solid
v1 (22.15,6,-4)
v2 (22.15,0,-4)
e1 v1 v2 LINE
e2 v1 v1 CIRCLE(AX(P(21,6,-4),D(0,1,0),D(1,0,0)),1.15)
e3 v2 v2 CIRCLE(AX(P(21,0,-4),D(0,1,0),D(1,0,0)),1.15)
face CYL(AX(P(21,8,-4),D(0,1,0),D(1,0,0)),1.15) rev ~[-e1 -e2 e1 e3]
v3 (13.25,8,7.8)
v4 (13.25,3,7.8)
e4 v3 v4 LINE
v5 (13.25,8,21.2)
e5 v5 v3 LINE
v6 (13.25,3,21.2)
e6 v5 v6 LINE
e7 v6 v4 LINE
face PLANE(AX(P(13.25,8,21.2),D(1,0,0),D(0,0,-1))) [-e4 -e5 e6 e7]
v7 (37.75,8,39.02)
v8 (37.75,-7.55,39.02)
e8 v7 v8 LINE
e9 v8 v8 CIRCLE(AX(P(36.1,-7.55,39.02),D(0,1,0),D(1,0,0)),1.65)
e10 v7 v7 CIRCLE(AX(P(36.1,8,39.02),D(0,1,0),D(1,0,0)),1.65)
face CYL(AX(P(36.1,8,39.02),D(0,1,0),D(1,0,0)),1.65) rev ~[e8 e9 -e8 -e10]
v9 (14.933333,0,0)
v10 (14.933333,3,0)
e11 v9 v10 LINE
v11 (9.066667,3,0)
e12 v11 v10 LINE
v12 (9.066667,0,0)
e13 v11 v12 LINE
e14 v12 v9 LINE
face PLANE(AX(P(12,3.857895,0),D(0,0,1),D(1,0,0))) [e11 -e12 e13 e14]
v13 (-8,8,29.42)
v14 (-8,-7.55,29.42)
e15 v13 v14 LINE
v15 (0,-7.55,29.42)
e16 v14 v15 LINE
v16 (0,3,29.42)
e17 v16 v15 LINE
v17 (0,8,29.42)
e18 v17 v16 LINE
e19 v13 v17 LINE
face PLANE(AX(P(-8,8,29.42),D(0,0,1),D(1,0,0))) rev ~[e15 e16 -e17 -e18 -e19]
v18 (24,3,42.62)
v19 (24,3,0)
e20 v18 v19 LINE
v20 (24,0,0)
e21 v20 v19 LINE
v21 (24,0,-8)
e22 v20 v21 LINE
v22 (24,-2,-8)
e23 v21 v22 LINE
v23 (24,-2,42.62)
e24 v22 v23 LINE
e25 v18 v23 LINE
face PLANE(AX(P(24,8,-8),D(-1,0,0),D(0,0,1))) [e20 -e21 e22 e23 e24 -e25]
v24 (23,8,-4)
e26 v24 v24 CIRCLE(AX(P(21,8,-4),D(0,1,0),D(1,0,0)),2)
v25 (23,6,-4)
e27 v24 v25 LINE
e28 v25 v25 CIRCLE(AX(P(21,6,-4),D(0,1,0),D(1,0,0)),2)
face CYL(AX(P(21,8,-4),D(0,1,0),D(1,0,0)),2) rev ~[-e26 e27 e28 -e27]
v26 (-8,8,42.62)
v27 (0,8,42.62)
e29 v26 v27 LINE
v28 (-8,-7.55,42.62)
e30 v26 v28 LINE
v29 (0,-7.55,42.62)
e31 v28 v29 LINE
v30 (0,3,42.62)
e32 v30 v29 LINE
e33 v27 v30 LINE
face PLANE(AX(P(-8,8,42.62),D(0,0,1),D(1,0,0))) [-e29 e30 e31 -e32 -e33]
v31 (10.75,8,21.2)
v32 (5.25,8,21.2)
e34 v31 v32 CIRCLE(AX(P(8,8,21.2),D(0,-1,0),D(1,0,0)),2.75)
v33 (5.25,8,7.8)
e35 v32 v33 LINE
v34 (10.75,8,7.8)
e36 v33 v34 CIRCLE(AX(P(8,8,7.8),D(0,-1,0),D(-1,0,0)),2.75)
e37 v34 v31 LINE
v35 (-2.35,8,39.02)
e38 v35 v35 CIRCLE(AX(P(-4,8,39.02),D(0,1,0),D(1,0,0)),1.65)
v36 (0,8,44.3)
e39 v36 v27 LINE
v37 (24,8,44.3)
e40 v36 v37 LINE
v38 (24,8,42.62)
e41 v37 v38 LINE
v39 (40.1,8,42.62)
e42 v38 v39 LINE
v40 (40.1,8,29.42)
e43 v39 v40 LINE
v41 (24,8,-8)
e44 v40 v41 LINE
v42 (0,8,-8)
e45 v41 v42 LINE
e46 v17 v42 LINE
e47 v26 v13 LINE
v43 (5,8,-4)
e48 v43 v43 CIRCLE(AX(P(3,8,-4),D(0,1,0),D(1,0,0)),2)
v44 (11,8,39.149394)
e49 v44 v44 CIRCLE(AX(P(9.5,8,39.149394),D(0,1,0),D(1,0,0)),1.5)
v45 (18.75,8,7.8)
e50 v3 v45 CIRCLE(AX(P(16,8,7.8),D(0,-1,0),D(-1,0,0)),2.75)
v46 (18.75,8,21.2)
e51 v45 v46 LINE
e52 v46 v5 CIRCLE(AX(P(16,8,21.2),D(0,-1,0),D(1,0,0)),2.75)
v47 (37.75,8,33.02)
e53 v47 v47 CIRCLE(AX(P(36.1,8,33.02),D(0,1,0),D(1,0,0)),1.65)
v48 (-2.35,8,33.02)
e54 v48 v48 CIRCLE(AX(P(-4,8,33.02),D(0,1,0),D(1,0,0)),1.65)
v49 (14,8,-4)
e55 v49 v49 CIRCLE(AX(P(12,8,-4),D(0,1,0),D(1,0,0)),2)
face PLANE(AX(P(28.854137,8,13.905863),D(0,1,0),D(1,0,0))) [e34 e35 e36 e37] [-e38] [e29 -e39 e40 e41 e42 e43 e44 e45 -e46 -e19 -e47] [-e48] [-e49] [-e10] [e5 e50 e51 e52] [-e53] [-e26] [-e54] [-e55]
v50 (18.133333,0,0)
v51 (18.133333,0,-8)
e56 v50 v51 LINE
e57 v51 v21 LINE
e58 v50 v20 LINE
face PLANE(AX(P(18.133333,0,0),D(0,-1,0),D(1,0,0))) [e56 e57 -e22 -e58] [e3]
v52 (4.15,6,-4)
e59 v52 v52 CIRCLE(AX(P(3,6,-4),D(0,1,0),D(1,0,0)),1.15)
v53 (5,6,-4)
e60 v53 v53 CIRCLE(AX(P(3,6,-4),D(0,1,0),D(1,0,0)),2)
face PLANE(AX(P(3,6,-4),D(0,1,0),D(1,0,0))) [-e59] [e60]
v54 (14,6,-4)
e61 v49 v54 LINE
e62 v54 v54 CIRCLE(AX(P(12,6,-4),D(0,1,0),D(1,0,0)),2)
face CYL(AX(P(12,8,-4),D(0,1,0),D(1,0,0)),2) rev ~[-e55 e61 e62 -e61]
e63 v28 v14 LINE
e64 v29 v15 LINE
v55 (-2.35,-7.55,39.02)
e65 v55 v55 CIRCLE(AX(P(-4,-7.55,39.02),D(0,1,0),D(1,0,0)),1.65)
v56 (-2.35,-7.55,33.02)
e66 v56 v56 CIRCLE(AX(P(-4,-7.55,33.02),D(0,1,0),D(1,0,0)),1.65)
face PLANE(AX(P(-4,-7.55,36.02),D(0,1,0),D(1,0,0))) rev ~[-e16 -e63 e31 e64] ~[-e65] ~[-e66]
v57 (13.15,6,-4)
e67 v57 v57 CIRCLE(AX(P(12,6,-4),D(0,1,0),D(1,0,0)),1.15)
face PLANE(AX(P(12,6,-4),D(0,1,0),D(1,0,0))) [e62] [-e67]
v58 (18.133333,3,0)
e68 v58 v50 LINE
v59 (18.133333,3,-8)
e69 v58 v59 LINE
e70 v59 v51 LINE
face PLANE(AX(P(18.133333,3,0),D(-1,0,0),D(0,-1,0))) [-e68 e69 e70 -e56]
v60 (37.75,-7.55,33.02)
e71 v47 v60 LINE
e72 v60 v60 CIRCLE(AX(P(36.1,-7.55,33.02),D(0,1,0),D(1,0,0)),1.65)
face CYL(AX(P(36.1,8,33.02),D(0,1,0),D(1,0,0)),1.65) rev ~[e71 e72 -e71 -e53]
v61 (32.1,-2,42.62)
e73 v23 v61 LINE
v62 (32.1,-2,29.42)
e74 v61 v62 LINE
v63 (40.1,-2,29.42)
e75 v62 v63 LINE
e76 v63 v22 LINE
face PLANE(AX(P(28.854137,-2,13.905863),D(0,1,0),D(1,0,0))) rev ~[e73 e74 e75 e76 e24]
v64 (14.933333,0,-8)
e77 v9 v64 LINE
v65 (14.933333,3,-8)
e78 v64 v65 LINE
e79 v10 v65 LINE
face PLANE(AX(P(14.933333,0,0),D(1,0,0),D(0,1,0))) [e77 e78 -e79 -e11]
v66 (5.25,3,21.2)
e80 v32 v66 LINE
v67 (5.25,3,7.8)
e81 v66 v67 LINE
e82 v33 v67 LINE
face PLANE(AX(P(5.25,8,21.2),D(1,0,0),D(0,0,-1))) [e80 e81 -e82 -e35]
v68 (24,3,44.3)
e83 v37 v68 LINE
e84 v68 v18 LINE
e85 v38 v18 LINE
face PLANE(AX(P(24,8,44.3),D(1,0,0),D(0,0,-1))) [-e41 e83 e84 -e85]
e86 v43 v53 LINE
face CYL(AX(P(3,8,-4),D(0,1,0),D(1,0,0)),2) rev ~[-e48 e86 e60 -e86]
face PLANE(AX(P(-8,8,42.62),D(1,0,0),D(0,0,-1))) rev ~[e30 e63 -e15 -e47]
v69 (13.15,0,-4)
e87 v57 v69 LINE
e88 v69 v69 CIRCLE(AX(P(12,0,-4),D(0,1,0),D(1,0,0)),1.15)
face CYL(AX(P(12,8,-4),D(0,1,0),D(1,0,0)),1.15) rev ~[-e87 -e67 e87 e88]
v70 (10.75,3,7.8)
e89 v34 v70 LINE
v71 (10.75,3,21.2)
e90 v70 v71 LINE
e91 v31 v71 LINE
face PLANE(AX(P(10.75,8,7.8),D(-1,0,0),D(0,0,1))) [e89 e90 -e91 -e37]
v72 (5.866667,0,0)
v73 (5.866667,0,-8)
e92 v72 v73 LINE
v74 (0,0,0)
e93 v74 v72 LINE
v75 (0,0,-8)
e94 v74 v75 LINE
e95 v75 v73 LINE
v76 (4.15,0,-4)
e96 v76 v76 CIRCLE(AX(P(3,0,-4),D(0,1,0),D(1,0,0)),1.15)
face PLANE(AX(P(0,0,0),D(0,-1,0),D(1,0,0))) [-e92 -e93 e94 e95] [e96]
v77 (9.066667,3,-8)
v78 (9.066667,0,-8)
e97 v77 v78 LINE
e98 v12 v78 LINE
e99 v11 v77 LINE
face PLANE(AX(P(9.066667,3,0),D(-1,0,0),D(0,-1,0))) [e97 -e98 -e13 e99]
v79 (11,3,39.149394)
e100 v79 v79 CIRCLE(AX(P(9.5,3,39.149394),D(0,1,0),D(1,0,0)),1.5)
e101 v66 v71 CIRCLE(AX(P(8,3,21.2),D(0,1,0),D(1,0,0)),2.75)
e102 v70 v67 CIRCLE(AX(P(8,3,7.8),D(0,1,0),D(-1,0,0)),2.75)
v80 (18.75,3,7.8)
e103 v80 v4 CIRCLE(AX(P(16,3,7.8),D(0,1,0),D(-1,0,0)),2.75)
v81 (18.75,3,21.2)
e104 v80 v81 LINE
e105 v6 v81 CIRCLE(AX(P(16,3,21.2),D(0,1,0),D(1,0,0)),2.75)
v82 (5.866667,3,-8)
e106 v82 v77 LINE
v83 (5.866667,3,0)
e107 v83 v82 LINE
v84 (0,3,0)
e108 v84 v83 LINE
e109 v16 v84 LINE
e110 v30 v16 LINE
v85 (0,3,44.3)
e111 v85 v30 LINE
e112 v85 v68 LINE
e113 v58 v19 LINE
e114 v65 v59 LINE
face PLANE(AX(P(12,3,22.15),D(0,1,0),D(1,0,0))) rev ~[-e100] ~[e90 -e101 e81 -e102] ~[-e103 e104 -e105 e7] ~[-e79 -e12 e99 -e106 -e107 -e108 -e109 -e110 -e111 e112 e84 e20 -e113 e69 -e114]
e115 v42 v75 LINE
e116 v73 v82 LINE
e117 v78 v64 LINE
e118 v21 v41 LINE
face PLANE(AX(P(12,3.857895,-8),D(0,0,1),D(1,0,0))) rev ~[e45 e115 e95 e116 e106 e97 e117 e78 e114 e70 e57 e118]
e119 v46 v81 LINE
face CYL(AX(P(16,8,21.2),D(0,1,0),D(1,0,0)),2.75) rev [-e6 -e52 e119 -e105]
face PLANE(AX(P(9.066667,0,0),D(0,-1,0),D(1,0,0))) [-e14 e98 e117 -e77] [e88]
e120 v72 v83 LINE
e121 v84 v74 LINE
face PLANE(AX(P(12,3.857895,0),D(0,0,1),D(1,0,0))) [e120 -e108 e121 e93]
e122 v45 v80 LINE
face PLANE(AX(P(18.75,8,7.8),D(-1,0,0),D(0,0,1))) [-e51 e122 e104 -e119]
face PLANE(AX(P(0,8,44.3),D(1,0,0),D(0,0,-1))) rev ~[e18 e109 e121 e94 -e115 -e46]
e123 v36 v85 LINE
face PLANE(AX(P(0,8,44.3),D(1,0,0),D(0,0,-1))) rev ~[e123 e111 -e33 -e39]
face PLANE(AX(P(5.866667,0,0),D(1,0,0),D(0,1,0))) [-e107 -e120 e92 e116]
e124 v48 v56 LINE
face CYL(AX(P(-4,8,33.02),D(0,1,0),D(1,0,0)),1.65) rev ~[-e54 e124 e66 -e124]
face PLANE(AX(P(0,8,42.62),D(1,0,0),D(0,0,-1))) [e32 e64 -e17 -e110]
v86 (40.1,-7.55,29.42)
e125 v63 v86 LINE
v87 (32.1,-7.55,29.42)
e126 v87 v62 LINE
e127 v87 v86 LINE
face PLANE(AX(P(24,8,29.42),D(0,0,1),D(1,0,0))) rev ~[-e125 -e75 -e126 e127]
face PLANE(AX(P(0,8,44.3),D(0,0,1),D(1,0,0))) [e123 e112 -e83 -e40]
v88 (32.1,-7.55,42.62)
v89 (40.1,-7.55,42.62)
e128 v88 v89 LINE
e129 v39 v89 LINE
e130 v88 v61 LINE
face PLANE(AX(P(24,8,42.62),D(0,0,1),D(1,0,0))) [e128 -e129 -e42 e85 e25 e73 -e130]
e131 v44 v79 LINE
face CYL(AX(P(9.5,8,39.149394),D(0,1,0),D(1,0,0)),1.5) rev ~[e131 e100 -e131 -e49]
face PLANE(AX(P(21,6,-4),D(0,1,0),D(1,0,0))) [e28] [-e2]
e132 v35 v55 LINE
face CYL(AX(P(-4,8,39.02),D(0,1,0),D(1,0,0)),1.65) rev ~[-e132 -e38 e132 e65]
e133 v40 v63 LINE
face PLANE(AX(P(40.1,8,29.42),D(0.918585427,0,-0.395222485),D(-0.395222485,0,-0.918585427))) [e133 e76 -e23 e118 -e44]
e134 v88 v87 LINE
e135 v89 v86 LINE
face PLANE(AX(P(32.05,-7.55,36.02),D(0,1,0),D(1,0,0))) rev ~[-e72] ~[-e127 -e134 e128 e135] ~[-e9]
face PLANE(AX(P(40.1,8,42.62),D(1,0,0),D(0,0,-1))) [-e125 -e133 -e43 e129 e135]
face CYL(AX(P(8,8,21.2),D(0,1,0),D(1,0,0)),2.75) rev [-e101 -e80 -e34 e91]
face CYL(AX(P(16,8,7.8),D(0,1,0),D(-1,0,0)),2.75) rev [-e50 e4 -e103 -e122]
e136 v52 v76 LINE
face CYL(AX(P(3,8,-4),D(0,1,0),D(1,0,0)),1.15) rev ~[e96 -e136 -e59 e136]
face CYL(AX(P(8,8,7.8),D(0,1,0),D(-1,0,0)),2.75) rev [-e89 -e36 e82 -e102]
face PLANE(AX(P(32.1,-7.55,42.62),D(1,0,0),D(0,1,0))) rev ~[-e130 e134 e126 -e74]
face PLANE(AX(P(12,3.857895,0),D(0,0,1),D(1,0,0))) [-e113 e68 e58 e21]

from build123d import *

# Parameters (mm, degrees)
BOSS_EXTRUDE1_DEPTH = 8
SKETCH2_R           = 1.15
CUT_EXTRUDE1_DEPTH  = 9
SKETCH3_R           = 2
CUT_EXTRUDE2_DEPTH  = 2
SKETCH5_W           = 24
SKETCH5_H           = 44.3
SKETCH5_R           = 1.5
BOSS_EXTRUDE2_DEPTH = 5
CUT_EXTRUDE3_DEPTH  = 20
SKETCH7_W           = 8
SKETCH7_H           = 13.2
SKETCH7_R           = 1.65
SKETCH7_W_2         = 16.1
BOSS_EXTRUDE3_DEPTH = 15.55
SKETCH8_W           = 8.1
SKETCH8_H           = 5.55
CUT_EXTRUDE4_DEPTH  = 25
BOSS_EXTRUDE4_DEPTH = 10


with BuildPart() as part:
    # Sketch1 → Boss-Extrude1 (new body)
    with BuildSketch(Plane.XY):
        Polygon((0, 0), (5.866666667, 0), (5.866666667, 3), (9.066666667, 3), (9.066666667, 0), (14.933333333, 0), (14.933333333, 3), (18.133333333, 3), (18.133333333, 0), (24, 0), (24, 8), (0, 8), align=None)
    extrude(amount=-BOSS_EXTRUDE1_DEPTH)

    # Sketch2 → Cut-Extrude1 (cut, through all)
    with BuildSketch(Plane(origin=(0, 8, 0), x_dir=(1, 0, 0), z_dir=(0, 1, 0))):
        with Locations((3, 4)):
            Circle(SKETCH2_R)
        with Locations((12, 4)):
            Circle(SKETCH2_R)
        with Locations((21, 4)):
            Circle(SKETCH2_R)
    extrude(amount=-CUT_EXTRUDE1_DEPTH, mode=Mode.SUBTRACT)

    # Sketch3 → Cut-Extrude2 (cut)
    with BuildSketch(Plane(origin=(0, 8, 0), x_dir=(1, 0, 0), z_dir=(0, 1, 0))):
        with Locations((3, 4)):
            Circle(SKETCH3_R)
        with Locations((12, 4)):
            Circle(SKETCH3_R)
        with Locations((21, 4)):
            Circle(SKETCH3_R)
    extrude(amount=-CUT_EXTRUDE2_DEPTH, mode=Mode.SUBTRACT)

    # Sketch5 → Boss-Extrude2 (add)
    with BuildSketch(Plane(origin=(0, 8, 0), x_dir=(1, 0, 0), z_dir=(0, 1, 0))):
        with Locations((12, -22.15)):
            Rectangle(SKETCH5_W, SKETCH5_H)
        with Locations((9.5, -39.149393889)):
            Circle(SKETCH5_R, mode=Mode.SUBTRACT)
    extrude(amount=-BOSS_EXTRUDE2_DEPTH)

    # Sketch6 → Cut-Extrude3 (cut)
    with BuildSketch(Plane(origin=(0, 8, 0), x_dir=(1, 0, 0), z_dir=(0, 1, 0))):
        with BuildLine():
            Line((10.75, -7.8), (10.75, -21.2))
            ThreePointArc((10.75, -21.2), (8, -23.95), (5.25, -21.2))
            Line((5.25, -21.2), (5.25, -7.8))
            ThreePointArc((5.25, -7.8), (8, -5.05), (10.75, -7.8))
        make_face()
        with BuildLine():
            Line((18.75, -7.8), (18.75, -21.2))
            ThreePointArc((18.75, -21.2), (16, -23.95), (13.25, -21.2))
            Line((13.25, -21.2), (13.25, -7.8))
            ThreePointArc((13.25, -7.8), (16, -5.05), (18.75, -7.8))
        make_face()
    extrude(amount=-CUT_EXTRUDE3_DEPTH, mode=Mode.SUBTRACT)

    # Sketch7 → Boss-Extrude3 (add)
    with BuildSketch(Plane(origin=(0, 8, 0), x_dir=(1, 0, 0), z_dir=(0, 1, 0))):
        with Locations((-4, -36.02)):
            Rectangle(SKETCH7_W, SKETCH7_H)
        with Locations((-4, -33.02)):
            Circle(SKETCH7_R, mode=Mode.SUBTRACT)
        with Locations((-4, -39.02)):
            Circle(SKETCH7_R, mode=Mode.SUBTRACT)
        with Locations((32.05, -36.02)):
            Rectangle(SKETCH7_W_2, SKETCH7_H)
        with Locations((36.1, -33.02)):
            Circle(SKETCH7_R, mode=Mode.SUBTRACT)
        with Locations((36.1, -39.02)):
            Circle(SKETCH7_R, mode=Mode.SUBTRACT)
    extrude(amount=-BOSS_EXTRUDE3_DEPTH)

    # Sketch8 → Cut-Extrude4 (cut)
    with BuildSketch(Plane.XY.offset(42.62)):
        with Locations((28.05, -4.775)):
            Rectangle(SKETCH8_W, SKETCH8_H)
    extrude(amount=-CUT_EXTRUDE4_DEPTH, mode=Mode.SUBTRACT)

    # Sketch10 → Boss-Extrude4 (add)
    with BuildSketch(Plane(origin=(0, 8, 0), x_dir=(1, 0, 0), z_dir=(0, 1, 0))):
        Polygon((40.1, -29.42), (24, 8), (24, -29.42), align=None)
    extrude(amount=-BOSS_EXTRUDE4_DEPTH)


solid = part.part
